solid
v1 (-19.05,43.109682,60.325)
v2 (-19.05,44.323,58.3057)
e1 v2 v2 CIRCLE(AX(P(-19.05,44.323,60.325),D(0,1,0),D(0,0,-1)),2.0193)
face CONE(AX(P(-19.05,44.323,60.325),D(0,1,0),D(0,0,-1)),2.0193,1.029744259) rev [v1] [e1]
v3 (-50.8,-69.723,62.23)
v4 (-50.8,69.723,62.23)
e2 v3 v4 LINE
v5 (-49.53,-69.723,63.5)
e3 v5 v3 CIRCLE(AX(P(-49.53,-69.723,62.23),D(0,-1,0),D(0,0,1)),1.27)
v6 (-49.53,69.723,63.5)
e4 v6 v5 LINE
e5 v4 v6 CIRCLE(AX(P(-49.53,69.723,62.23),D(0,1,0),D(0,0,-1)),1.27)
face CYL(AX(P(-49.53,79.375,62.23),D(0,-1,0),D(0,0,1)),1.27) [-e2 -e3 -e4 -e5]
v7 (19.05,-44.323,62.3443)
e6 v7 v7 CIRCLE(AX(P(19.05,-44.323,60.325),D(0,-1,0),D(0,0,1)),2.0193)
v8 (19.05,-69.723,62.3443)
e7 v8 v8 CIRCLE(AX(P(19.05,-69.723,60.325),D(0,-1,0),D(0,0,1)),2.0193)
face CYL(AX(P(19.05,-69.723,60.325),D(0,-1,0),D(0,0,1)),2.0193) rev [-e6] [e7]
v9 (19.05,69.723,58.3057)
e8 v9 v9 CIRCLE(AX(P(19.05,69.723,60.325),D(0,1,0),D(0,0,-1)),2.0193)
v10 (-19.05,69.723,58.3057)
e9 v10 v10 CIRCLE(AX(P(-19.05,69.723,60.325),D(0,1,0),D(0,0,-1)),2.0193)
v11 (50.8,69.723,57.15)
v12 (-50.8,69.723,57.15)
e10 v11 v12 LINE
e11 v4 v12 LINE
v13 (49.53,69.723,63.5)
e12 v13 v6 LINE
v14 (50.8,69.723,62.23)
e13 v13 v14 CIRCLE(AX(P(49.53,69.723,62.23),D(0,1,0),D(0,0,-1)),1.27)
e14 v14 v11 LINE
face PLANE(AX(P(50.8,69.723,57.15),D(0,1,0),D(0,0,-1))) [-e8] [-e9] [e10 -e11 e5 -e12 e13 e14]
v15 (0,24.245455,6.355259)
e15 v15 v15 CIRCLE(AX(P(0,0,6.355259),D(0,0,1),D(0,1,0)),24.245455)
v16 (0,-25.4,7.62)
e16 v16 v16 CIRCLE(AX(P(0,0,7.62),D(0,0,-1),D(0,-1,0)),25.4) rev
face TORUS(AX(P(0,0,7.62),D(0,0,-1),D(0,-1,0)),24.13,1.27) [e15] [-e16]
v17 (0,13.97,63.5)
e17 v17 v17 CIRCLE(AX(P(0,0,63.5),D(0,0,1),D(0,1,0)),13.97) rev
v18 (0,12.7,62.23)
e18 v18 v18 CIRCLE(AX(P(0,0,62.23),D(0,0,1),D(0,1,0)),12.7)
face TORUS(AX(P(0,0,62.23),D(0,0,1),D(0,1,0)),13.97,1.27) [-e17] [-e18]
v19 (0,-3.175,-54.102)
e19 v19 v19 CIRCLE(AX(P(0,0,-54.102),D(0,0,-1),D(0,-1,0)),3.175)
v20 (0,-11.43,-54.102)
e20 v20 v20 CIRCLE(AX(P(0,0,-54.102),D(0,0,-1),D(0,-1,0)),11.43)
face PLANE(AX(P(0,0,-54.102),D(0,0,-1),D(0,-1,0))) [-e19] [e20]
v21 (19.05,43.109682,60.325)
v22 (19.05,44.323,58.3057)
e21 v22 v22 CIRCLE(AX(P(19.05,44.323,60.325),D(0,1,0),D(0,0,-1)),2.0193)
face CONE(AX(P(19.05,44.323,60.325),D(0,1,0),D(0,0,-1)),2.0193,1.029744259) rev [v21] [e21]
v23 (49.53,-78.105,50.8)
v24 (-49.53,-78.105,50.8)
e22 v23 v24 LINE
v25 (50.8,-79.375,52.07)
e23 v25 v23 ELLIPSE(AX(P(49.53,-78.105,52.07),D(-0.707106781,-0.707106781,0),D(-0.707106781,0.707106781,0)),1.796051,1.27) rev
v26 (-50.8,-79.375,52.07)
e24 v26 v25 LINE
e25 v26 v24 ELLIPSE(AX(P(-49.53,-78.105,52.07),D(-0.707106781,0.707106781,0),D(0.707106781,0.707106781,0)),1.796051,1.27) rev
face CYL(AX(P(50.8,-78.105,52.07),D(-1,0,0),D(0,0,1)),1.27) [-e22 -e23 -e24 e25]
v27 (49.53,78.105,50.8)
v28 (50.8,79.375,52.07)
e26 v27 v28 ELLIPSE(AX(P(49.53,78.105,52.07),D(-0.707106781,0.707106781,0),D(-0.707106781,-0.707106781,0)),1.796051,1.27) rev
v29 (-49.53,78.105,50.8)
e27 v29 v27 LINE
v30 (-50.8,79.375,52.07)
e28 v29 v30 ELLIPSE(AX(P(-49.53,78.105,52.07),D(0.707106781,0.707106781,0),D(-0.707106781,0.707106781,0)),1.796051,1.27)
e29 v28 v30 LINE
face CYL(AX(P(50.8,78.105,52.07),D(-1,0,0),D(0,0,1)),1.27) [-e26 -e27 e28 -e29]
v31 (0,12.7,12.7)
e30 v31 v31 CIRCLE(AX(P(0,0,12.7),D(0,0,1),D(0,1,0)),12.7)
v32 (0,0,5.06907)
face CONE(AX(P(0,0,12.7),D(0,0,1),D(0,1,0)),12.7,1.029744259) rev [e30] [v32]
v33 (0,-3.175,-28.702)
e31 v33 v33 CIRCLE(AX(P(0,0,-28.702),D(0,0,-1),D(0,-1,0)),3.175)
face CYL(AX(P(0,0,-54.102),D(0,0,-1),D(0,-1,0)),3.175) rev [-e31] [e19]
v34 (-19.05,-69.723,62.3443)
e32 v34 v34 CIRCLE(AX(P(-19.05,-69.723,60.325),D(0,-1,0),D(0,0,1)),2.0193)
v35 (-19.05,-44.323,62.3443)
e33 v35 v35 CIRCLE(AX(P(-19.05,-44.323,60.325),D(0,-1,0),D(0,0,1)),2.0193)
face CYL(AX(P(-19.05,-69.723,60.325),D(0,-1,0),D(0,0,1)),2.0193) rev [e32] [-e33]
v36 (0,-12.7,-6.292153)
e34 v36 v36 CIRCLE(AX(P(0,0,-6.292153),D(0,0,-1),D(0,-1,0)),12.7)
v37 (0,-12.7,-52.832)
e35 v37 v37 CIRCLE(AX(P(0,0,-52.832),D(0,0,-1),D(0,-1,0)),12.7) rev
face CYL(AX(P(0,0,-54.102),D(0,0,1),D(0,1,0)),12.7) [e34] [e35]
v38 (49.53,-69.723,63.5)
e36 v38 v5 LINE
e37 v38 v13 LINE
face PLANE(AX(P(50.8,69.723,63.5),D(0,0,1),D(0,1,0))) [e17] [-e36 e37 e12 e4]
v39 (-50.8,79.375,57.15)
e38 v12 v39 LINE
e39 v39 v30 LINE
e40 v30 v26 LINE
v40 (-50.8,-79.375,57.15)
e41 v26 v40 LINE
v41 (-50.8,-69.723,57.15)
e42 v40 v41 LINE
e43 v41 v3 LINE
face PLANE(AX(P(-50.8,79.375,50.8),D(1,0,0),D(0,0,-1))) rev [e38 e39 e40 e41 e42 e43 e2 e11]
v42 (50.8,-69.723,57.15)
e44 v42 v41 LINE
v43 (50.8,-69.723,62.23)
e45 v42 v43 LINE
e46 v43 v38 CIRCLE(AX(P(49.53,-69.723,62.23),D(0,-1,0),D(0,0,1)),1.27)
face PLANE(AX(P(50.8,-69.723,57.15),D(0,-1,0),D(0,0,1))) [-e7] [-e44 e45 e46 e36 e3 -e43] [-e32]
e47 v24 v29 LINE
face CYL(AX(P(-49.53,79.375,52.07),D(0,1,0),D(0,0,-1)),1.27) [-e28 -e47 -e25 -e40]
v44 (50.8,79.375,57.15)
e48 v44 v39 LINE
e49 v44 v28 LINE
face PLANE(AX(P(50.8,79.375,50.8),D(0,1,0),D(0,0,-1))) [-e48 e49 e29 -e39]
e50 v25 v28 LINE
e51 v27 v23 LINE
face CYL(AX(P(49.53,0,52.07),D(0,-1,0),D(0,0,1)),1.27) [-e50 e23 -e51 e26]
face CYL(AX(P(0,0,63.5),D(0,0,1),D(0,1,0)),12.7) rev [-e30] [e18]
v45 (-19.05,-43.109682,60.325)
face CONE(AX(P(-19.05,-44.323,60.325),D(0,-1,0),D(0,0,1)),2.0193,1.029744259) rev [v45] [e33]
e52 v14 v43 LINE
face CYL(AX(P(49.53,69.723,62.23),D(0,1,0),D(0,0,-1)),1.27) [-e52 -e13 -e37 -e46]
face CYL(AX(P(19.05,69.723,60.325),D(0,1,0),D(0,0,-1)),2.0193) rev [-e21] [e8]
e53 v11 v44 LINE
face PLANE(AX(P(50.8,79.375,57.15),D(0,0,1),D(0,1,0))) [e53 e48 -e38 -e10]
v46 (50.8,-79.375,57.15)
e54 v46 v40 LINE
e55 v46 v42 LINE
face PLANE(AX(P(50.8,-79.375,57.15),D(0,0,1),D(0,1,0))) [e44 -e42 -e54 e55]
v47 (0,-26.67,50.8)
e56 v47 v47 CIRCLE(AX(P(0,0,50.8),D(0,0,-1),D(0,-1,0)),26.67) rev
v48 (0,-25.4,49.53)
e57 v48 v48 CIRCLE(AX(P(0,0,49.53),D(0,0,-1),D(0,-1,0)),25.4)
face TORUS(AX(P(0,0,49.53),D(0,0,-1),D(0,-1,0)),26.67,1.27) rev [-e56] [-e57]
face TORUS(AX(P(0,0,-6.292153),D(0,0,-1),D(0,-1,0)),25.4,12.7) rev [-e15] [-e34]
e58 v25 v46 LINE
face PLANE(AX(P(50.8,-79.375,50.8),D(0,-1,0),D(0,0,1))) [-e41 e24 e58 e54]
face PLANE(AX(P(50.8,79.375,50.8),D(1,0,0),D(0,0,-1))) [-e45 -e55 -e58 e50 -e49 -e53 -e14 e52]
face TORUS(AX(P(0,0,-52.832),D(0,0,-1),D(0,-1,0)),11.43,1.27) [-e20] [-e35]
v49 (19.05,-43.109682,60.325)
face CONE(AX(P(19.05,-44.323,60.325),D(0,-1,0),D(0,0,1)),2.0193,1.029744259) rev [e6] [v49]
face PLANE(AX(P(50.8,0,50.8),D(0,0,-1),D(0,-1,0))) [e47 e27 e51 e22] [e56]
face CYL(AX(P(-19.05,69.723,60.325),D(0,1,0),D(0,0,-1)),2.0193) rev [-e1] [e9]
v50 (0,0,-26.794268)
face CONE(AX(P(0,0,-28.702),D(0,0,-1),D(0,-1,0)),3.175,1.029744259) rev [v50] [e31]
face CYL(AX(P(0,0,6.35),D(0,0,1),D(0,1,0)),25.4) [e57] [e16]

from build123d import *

# Parameters (mm, degrees)
BOSS_EXTRUDE1_DEPTH                  = 50.8
BOSS_EXTRUDE1_DEPTH_BACK             = 50.8
F_10_32_TAPPED_HOLE1_D               = 4.0386
F_10_32_TAPPED_HOLE1_DEPTH           = 25.4
F_10_32_TAPPED_HOLE1_TIP             = 1.213317848
F_10_32_TAPPED_HOLE1_ON_FACE_2_D     = 4.0386
F_10_32_TAPPED_HOLE1_ON_FACE_2_DEPTH = 25.4
F_10_32_TAPPED_HOLE1_ON_FACE_2_TIP   = 1.213317848
SKETCH3_R                            = 25.4
BOSS_EXTRUDE2_DEPTH                  = 44.45
SKETCH4_R                            = 12.7
BOSS_EXTRUDE3_DEPTH                  = 60.452
FILLET1_R                            = 1.27
FILLET2_R                            = 12.7
BODY_MOVE_COPY1_ANGLE                = 90


with BuildPart() as part:
    # Sketch1 → Boss-Extrude1 (new, two sides: drawn at the far end of the back side and taken through both)
    with BuildSketch(Plane(origin=(0, 0, 0), x_dir=(1, 0, 0), z_dir=(0, 1, 0)).offset(-BOSS_EXTRUDE1_DEPTH_BACK)):
        Polygon((0, -50.8), (-79.375, -50.8), (-79.375, -57.15), (-69.723, -57.15), (-69.723, -63.5), (69.723, -63.5), (69.723, -57.15), (79.375, -57.15), (79.375, -50.8), align=None)
    extrude(amount=BOSS_EXTRUDE1_DEPTH + BOSS_EXTRUDE1_DEPTH_BACK)

    # #10-32 Tapped Hole1
    with Locations(Plane(origin=(-69.723, 19.05, 60.325), x_dir=(0, 0, -1), z_dir=(-1, 0, 0))):
        with Locations((0, 0), (0, 38.1)):
            Hole(F_10_32_TAPPED_HOLE1_D / 2, depth=F_10_32_TAPPED_HOLE1_DEPTH)
            with Locations((0, 0, -(F_10_32_TAPPED_HOLE1_DEPTH + F_10_32_TAPPED_HOLE1_TIP / 2))):  # 118° drill point
                Cone(0, F_10_32_TAPPED_HOLE1_D / 2, F_10_32_TAPPED_HOLE1_TIP, mode=Mode.SUBTRACT)

    # #10-32 Tapped Hole1 on face 2
    with Locations(Plane(origin=(69.723, 19.05, 60.325), x_dir=(0, 0, 1), z_dir=(1, 0, 0))):
        with Locations((0, 0), (0, 38.1)):
            Hole(F_10_32_TAPPED_HOLE1_ON_FACE_2_D / 2, depth=F_10_32_TAPPED_HOLE1_ON_FACE_2_DEPTH)
            with Locations((0, 0, -(F_10_32_TAPPED_HOLE1_ON_FACE_2_DEPTH + F_10_32_TAPPED_HOLE1_ON_FACE_2_TIP / 2))):  # 118° drill point
                Cone(0, F_10_32_TAPPED_HOLE1_ON_FACE_2_D / 2, F_10_32_TAPPED_HOLE1_ON_FACE_2_TIP, mode=Mode.SUBTRACT)

    # Sketch3 → Boss-Extrude2 (add)
    with BuildSketch(Plane(origin=(0, 0, 50.8), x_dir=(-1, 0, 0), z_dir=(0, 0, -1))):
        Circle(SKETCH3_R)
    extrude(amount=BOSS_EXTRUDE2_DEPTH)

    # Sketch4 → Boss-Extrude3 (add)
    with BuildSketch(Plane(origin=(0, 0, 6.35), x_dir=(-1, 0, 0), z_dir=(0, 0, -1))):
        Circle(SKETCH4_R)
    extrude(amount=BOSS_EXTRUDE3_DEPTH)

    # Sketch5 → 1/4 (0.25) Diameter Hole1 (revolve, cut)
    with BuildSketch(Plane(origin=(0, 0, -54.102), x_dir=(0, 1, 0), z_dir=(1, 0, 0))):
        Polygon((0, 0), (0, 27.307732465), (3.175, 25.4), (3.175, 0), align=None)
    revolve(axis=Axis((0, 0, -60.452), (0, 0, 1)), mode=Mode.SUBTRACT)

    # Sketch6 → 1 (1) Diameter Hole1 (revolve, cut)
    with BuildSketch(Plane(origin=(0, 0, 63.5), x_dir=(0, -1, 0), z_dir=(1, 0, 0))):
        Polygon((0, 0), (0, 58.430929862), (12.7, 50.8), (12.7, 0), align=None)
    revolve(axis=Axis((0, 0, 69.85), (0, 0, -1)), mode=Mode.SUBTRACT)

    # Fillet1
    fillet1_edges = [part.edges().sort_by_distance(p)[0] for p in [
        (79.375, 0, 50.8),
        (-79.375, 0, 50.8),
        (0, -50.8, 63.5),
        (0, 50.8, 50.8),
        (0, 50.8, 63.5),
        (0, -50.8, 50.8),
        (25.4, 0, 50.8),
        (25.4, 0, 6.35),
        (12.7, 0, -54.102),
        (0, 12.7, 63.5),
    ]]
    fillet(fillet1_edges, radius=FILLET1_R)

    # Fillet2
    fillet2_edges = [part.edges().sort_by_distance(p)[0] for p in [
        (12.7, 0, 6.35),
    ]]
    fillet(fillet2_edges, radius=FILLET2_R)


with BuildPart() as part_1:
    # Body-Move/Copy1: moved
    add(part.part.rotate(Axis((0, 0, 0), (0, 0, 1)), BODY_MOVE_COPY1_ANGLE))


solid = part_1.part
